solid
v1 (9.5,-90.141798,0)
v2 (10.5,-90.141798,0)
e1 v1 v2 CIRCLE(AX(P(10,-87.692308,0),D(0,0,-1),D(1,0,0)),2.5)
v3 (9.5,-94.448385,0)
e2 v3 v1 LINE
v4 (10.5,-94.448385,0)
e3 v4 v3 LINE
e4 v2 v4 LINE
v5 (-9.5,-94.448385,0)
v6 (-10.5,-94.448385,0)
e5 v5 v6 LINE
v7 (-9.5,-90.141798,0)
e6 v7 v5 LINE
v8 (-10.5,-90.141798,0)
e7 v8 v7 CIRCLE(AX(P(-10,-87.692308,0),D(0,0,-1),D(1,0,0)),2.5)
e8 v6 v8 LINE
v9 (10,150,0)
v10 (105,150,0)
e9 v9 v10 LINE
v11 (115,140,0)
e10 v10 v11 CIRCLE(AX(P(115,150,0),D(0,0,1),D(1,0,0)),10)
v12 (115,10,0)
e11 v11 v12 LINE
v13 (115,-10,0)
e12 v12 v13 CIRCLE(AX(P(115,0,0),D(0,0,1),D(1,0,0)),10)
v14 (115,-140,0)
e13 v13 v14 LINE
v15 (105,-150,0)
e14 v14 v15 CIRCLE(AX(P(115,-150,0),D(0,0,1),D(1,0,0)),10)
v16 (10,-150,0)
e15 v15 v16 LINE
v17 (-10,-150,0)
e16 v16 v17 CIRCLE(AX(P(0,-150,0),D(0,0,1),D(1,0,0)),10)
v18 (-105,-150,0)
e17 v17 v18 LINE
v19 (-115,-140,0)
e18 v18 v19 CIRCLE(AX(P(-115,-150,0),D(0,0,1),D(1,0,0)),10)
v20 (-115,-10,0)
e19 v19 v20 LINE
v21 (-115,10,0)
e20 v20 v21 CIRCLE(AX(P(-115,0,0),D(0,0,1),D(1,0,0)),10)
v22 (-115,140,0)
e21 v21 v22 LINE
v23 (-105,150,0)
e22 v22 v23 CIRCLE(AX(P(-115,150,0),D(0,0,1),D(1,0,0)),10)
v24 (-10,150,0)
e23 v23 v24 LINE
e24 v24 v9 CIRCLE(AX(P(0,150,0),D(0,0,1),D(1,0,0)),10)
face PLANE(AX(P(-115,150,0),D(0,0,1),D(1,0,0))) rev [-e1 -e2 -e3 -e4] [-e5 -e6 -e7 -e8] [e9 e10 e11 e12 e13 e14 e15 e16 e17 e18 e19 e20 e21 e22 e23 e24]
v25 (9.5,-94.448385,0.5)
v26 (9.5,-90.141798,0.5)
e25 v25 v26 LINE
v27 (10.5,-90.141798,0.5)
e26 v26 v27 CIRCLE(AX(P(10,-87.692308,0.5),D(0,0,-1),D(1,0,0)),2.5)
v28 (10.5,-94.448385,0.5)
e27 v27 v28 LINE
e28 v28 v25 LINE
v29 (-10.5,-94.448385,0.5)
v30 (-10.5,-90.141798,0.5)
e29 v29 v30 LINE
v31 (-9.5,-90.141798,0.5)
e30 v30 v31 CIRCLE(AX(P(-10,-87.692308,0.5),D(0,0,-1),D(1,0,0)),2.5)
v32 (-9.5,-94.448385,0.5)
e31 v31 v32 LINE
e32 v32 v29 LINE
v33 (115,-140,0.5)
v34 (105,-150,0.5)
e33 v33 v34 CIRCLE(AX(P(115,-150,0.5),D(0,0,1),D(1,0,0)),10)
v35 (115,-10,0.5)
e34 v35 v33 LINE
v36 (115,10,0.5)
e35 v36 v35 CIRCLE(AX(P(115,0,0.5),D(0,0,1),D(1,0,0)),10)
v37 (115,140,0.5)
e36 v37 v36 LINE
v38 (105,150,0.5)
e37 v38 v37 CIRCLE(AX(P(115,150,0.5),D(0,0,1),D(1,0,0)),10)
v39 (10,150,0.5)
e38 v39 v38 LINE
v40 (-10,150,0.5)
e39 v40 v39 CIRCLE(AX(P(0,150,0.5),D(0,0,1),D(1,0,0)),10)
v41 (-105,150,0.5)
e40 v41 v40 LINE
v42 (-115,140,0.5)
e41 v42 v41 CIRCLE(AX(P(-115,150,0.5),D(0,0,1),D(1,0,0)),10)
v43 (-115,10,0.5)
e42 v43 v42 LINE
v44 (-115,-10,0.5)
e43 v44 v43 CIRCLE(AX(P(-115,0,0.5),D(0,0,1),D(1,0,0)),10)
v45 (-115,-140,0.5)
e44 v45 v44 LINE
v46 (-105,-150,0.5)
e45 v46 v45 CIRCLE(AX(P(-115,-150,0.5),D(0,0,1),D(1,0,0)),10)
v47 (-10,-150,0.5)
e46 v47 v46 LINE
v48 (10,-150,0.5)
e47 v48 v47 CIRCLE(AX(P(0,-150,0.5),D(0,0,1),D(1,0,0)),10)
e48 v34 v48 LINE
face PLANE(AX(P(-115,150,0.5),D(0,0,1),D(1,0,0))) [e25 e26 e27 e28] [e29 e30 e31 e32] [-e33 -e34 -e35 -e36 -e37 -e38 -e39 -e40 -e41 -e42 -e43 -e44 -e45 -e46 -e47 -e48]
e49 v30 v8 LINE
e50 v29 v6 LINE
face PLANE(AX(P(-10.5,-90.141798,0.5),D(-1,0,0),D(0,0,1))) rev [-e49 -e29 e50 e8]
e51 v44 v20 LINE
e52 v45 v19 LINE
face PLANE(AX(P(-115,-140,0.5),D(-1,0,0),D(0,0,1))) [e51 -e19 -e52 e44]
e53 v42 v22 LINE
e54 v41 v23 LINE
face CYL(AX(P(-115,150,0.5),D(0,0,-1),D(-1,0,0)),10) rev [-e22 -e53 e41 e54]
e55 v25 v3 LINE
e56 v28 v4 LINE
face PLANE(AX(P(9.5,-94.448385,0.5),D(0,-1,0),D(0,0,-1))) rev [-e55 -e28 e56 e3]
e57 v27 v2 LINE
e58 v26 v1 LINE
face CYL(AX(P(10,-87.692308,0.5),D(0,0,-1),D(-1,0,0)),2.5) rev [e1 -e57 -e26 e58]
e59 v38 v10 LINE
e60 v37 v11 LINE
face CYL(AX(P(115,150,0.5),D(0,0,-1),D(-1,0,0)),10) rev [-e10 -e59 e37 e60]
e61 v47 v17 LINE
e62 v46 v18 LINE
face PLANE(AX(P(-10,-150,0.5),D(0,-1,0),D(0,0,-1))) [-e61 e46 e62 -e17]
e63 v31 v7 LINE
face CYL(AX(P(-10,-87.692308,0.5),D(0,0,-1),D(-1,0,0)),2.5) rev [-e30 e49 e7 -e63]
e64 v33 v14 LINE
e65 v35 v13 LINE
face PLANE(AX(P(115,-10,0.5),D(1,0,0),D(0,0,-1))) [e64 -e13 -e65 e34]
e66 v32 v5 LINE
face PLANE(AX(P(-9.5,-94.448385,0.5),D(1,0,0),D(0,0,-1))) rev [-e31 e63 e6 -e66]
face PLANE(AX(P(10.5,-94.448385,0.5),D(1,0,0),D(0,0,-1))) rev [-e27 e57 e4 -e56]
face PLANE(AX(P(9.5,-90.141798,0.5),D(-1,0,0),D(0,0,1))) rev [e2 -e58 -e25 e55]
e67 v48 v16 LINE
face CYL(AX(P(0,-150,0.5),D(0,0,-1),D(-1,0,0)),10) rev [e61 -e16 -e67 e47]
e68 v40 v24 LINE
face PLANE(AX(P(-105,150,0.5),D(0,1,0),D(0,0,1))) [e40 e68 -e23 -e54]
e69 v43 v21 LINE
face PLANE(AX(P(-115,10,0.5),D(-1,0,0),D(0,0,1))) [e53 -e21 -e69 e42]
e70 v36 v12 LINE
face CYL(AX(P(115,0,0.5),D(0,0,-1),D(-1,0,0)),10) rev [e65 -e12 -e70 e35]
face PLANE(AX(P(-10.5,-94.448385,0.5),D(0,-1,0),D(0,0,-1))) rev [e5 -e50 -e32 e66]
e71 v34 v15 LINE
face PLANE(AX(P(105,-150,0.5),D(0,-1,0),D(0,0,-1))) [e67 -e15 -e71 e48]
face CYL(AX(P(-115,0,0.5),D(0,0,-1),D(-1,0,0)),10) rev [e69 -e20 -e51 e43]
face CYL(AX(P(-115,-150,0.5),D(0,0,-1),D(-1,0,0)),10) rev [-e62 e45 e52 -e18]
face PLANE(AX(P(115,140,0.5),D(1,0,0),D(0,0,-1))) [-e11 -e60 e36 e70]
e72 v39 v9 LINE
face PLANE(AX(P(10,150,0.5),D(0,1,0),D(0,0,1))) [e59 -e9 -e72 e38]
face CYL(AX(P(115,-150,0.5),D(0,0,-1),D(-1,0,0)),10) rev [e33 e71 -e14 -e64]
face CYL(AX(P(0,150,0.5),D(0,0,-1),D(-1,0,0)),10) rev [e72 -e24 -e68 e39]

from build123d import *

# Parameters (mm, degrees)
BOSS_EXTRUDE1_DEPTH = 0.5


with BuildPart() as part:
    # Sketch1 → Boss-Extrude1 (new body)
    with BuildSketch(Plane(origin=(0, 0, 0), x_dir=(-1, 0, 0), z_dir=(0, 0, -1))):
        with BuildLine():
            Line((105, 150), (10, 150))
            ThreePointArc((10, 150), (0, 140), (-10, 150))
            Line((-10, 150), (-105, 150))
            ThreePointArc((-105, 150), (-107.928932188, 142.928932188), (-115, 140))
            Line((-115, 140), (-115, 10))
            ThreePointArc((-115, 10), (-105, 0), (-115, -10))
            Line((-115, -10), (-115, -140))
            ThreePointArc((-115, -140), (-107.928932188, -142.928932188), (-105, -150))
            Line((-105, -150), (-10, -150))
            ThreePointArc((-10, -150), (0, -140), (10, -150))
            Line((10, -150), (105, -150))
            ThreePointArc((105, -150), (107.928932188, -142.928932188), (115, -140))
            Line((115, -140), (115, -10))
            ThreePointArc((115, -10), (105, 0), (115, 10))
            Line((115, 10), (115, 140))
            ThreePointArc((115, 140), (107.928932188, 142.928932188), (105, 150))
        make_face()
        with BuildLine():
            Line((9.5, -94.448385239), (9.5, -90.141798169))
            ThreePointArc((9.5, -90.141798169), (10, -85.192308426), (10.5, -90.141798169))
            Line((10.5, -90.141798169), (10.5, -94.448385239))
            Line((10.5, -94.448385239), (9.5, -94.448385239))
        make_face(mode=Mode.SUBTRACT)
        with BuildLine():
            Line((-10.5, -94.448385239), (-10.5, -90.141798169))
            ThreePointArc((-10.5, -90.141798169), (-10, -85.192308426), (-9.5, -90.141798169))
            Line((-9.5, -90.141798169), (-9.5, -94.448385239))
            Line((-9.5, -94.448385239), (-10.5, -94.448385239))
        make_face(mode=Mode.SUBTRACT)
    extrude(amount=-BOSS_EXTRUDE1_DEPTH)


solid = part.part
